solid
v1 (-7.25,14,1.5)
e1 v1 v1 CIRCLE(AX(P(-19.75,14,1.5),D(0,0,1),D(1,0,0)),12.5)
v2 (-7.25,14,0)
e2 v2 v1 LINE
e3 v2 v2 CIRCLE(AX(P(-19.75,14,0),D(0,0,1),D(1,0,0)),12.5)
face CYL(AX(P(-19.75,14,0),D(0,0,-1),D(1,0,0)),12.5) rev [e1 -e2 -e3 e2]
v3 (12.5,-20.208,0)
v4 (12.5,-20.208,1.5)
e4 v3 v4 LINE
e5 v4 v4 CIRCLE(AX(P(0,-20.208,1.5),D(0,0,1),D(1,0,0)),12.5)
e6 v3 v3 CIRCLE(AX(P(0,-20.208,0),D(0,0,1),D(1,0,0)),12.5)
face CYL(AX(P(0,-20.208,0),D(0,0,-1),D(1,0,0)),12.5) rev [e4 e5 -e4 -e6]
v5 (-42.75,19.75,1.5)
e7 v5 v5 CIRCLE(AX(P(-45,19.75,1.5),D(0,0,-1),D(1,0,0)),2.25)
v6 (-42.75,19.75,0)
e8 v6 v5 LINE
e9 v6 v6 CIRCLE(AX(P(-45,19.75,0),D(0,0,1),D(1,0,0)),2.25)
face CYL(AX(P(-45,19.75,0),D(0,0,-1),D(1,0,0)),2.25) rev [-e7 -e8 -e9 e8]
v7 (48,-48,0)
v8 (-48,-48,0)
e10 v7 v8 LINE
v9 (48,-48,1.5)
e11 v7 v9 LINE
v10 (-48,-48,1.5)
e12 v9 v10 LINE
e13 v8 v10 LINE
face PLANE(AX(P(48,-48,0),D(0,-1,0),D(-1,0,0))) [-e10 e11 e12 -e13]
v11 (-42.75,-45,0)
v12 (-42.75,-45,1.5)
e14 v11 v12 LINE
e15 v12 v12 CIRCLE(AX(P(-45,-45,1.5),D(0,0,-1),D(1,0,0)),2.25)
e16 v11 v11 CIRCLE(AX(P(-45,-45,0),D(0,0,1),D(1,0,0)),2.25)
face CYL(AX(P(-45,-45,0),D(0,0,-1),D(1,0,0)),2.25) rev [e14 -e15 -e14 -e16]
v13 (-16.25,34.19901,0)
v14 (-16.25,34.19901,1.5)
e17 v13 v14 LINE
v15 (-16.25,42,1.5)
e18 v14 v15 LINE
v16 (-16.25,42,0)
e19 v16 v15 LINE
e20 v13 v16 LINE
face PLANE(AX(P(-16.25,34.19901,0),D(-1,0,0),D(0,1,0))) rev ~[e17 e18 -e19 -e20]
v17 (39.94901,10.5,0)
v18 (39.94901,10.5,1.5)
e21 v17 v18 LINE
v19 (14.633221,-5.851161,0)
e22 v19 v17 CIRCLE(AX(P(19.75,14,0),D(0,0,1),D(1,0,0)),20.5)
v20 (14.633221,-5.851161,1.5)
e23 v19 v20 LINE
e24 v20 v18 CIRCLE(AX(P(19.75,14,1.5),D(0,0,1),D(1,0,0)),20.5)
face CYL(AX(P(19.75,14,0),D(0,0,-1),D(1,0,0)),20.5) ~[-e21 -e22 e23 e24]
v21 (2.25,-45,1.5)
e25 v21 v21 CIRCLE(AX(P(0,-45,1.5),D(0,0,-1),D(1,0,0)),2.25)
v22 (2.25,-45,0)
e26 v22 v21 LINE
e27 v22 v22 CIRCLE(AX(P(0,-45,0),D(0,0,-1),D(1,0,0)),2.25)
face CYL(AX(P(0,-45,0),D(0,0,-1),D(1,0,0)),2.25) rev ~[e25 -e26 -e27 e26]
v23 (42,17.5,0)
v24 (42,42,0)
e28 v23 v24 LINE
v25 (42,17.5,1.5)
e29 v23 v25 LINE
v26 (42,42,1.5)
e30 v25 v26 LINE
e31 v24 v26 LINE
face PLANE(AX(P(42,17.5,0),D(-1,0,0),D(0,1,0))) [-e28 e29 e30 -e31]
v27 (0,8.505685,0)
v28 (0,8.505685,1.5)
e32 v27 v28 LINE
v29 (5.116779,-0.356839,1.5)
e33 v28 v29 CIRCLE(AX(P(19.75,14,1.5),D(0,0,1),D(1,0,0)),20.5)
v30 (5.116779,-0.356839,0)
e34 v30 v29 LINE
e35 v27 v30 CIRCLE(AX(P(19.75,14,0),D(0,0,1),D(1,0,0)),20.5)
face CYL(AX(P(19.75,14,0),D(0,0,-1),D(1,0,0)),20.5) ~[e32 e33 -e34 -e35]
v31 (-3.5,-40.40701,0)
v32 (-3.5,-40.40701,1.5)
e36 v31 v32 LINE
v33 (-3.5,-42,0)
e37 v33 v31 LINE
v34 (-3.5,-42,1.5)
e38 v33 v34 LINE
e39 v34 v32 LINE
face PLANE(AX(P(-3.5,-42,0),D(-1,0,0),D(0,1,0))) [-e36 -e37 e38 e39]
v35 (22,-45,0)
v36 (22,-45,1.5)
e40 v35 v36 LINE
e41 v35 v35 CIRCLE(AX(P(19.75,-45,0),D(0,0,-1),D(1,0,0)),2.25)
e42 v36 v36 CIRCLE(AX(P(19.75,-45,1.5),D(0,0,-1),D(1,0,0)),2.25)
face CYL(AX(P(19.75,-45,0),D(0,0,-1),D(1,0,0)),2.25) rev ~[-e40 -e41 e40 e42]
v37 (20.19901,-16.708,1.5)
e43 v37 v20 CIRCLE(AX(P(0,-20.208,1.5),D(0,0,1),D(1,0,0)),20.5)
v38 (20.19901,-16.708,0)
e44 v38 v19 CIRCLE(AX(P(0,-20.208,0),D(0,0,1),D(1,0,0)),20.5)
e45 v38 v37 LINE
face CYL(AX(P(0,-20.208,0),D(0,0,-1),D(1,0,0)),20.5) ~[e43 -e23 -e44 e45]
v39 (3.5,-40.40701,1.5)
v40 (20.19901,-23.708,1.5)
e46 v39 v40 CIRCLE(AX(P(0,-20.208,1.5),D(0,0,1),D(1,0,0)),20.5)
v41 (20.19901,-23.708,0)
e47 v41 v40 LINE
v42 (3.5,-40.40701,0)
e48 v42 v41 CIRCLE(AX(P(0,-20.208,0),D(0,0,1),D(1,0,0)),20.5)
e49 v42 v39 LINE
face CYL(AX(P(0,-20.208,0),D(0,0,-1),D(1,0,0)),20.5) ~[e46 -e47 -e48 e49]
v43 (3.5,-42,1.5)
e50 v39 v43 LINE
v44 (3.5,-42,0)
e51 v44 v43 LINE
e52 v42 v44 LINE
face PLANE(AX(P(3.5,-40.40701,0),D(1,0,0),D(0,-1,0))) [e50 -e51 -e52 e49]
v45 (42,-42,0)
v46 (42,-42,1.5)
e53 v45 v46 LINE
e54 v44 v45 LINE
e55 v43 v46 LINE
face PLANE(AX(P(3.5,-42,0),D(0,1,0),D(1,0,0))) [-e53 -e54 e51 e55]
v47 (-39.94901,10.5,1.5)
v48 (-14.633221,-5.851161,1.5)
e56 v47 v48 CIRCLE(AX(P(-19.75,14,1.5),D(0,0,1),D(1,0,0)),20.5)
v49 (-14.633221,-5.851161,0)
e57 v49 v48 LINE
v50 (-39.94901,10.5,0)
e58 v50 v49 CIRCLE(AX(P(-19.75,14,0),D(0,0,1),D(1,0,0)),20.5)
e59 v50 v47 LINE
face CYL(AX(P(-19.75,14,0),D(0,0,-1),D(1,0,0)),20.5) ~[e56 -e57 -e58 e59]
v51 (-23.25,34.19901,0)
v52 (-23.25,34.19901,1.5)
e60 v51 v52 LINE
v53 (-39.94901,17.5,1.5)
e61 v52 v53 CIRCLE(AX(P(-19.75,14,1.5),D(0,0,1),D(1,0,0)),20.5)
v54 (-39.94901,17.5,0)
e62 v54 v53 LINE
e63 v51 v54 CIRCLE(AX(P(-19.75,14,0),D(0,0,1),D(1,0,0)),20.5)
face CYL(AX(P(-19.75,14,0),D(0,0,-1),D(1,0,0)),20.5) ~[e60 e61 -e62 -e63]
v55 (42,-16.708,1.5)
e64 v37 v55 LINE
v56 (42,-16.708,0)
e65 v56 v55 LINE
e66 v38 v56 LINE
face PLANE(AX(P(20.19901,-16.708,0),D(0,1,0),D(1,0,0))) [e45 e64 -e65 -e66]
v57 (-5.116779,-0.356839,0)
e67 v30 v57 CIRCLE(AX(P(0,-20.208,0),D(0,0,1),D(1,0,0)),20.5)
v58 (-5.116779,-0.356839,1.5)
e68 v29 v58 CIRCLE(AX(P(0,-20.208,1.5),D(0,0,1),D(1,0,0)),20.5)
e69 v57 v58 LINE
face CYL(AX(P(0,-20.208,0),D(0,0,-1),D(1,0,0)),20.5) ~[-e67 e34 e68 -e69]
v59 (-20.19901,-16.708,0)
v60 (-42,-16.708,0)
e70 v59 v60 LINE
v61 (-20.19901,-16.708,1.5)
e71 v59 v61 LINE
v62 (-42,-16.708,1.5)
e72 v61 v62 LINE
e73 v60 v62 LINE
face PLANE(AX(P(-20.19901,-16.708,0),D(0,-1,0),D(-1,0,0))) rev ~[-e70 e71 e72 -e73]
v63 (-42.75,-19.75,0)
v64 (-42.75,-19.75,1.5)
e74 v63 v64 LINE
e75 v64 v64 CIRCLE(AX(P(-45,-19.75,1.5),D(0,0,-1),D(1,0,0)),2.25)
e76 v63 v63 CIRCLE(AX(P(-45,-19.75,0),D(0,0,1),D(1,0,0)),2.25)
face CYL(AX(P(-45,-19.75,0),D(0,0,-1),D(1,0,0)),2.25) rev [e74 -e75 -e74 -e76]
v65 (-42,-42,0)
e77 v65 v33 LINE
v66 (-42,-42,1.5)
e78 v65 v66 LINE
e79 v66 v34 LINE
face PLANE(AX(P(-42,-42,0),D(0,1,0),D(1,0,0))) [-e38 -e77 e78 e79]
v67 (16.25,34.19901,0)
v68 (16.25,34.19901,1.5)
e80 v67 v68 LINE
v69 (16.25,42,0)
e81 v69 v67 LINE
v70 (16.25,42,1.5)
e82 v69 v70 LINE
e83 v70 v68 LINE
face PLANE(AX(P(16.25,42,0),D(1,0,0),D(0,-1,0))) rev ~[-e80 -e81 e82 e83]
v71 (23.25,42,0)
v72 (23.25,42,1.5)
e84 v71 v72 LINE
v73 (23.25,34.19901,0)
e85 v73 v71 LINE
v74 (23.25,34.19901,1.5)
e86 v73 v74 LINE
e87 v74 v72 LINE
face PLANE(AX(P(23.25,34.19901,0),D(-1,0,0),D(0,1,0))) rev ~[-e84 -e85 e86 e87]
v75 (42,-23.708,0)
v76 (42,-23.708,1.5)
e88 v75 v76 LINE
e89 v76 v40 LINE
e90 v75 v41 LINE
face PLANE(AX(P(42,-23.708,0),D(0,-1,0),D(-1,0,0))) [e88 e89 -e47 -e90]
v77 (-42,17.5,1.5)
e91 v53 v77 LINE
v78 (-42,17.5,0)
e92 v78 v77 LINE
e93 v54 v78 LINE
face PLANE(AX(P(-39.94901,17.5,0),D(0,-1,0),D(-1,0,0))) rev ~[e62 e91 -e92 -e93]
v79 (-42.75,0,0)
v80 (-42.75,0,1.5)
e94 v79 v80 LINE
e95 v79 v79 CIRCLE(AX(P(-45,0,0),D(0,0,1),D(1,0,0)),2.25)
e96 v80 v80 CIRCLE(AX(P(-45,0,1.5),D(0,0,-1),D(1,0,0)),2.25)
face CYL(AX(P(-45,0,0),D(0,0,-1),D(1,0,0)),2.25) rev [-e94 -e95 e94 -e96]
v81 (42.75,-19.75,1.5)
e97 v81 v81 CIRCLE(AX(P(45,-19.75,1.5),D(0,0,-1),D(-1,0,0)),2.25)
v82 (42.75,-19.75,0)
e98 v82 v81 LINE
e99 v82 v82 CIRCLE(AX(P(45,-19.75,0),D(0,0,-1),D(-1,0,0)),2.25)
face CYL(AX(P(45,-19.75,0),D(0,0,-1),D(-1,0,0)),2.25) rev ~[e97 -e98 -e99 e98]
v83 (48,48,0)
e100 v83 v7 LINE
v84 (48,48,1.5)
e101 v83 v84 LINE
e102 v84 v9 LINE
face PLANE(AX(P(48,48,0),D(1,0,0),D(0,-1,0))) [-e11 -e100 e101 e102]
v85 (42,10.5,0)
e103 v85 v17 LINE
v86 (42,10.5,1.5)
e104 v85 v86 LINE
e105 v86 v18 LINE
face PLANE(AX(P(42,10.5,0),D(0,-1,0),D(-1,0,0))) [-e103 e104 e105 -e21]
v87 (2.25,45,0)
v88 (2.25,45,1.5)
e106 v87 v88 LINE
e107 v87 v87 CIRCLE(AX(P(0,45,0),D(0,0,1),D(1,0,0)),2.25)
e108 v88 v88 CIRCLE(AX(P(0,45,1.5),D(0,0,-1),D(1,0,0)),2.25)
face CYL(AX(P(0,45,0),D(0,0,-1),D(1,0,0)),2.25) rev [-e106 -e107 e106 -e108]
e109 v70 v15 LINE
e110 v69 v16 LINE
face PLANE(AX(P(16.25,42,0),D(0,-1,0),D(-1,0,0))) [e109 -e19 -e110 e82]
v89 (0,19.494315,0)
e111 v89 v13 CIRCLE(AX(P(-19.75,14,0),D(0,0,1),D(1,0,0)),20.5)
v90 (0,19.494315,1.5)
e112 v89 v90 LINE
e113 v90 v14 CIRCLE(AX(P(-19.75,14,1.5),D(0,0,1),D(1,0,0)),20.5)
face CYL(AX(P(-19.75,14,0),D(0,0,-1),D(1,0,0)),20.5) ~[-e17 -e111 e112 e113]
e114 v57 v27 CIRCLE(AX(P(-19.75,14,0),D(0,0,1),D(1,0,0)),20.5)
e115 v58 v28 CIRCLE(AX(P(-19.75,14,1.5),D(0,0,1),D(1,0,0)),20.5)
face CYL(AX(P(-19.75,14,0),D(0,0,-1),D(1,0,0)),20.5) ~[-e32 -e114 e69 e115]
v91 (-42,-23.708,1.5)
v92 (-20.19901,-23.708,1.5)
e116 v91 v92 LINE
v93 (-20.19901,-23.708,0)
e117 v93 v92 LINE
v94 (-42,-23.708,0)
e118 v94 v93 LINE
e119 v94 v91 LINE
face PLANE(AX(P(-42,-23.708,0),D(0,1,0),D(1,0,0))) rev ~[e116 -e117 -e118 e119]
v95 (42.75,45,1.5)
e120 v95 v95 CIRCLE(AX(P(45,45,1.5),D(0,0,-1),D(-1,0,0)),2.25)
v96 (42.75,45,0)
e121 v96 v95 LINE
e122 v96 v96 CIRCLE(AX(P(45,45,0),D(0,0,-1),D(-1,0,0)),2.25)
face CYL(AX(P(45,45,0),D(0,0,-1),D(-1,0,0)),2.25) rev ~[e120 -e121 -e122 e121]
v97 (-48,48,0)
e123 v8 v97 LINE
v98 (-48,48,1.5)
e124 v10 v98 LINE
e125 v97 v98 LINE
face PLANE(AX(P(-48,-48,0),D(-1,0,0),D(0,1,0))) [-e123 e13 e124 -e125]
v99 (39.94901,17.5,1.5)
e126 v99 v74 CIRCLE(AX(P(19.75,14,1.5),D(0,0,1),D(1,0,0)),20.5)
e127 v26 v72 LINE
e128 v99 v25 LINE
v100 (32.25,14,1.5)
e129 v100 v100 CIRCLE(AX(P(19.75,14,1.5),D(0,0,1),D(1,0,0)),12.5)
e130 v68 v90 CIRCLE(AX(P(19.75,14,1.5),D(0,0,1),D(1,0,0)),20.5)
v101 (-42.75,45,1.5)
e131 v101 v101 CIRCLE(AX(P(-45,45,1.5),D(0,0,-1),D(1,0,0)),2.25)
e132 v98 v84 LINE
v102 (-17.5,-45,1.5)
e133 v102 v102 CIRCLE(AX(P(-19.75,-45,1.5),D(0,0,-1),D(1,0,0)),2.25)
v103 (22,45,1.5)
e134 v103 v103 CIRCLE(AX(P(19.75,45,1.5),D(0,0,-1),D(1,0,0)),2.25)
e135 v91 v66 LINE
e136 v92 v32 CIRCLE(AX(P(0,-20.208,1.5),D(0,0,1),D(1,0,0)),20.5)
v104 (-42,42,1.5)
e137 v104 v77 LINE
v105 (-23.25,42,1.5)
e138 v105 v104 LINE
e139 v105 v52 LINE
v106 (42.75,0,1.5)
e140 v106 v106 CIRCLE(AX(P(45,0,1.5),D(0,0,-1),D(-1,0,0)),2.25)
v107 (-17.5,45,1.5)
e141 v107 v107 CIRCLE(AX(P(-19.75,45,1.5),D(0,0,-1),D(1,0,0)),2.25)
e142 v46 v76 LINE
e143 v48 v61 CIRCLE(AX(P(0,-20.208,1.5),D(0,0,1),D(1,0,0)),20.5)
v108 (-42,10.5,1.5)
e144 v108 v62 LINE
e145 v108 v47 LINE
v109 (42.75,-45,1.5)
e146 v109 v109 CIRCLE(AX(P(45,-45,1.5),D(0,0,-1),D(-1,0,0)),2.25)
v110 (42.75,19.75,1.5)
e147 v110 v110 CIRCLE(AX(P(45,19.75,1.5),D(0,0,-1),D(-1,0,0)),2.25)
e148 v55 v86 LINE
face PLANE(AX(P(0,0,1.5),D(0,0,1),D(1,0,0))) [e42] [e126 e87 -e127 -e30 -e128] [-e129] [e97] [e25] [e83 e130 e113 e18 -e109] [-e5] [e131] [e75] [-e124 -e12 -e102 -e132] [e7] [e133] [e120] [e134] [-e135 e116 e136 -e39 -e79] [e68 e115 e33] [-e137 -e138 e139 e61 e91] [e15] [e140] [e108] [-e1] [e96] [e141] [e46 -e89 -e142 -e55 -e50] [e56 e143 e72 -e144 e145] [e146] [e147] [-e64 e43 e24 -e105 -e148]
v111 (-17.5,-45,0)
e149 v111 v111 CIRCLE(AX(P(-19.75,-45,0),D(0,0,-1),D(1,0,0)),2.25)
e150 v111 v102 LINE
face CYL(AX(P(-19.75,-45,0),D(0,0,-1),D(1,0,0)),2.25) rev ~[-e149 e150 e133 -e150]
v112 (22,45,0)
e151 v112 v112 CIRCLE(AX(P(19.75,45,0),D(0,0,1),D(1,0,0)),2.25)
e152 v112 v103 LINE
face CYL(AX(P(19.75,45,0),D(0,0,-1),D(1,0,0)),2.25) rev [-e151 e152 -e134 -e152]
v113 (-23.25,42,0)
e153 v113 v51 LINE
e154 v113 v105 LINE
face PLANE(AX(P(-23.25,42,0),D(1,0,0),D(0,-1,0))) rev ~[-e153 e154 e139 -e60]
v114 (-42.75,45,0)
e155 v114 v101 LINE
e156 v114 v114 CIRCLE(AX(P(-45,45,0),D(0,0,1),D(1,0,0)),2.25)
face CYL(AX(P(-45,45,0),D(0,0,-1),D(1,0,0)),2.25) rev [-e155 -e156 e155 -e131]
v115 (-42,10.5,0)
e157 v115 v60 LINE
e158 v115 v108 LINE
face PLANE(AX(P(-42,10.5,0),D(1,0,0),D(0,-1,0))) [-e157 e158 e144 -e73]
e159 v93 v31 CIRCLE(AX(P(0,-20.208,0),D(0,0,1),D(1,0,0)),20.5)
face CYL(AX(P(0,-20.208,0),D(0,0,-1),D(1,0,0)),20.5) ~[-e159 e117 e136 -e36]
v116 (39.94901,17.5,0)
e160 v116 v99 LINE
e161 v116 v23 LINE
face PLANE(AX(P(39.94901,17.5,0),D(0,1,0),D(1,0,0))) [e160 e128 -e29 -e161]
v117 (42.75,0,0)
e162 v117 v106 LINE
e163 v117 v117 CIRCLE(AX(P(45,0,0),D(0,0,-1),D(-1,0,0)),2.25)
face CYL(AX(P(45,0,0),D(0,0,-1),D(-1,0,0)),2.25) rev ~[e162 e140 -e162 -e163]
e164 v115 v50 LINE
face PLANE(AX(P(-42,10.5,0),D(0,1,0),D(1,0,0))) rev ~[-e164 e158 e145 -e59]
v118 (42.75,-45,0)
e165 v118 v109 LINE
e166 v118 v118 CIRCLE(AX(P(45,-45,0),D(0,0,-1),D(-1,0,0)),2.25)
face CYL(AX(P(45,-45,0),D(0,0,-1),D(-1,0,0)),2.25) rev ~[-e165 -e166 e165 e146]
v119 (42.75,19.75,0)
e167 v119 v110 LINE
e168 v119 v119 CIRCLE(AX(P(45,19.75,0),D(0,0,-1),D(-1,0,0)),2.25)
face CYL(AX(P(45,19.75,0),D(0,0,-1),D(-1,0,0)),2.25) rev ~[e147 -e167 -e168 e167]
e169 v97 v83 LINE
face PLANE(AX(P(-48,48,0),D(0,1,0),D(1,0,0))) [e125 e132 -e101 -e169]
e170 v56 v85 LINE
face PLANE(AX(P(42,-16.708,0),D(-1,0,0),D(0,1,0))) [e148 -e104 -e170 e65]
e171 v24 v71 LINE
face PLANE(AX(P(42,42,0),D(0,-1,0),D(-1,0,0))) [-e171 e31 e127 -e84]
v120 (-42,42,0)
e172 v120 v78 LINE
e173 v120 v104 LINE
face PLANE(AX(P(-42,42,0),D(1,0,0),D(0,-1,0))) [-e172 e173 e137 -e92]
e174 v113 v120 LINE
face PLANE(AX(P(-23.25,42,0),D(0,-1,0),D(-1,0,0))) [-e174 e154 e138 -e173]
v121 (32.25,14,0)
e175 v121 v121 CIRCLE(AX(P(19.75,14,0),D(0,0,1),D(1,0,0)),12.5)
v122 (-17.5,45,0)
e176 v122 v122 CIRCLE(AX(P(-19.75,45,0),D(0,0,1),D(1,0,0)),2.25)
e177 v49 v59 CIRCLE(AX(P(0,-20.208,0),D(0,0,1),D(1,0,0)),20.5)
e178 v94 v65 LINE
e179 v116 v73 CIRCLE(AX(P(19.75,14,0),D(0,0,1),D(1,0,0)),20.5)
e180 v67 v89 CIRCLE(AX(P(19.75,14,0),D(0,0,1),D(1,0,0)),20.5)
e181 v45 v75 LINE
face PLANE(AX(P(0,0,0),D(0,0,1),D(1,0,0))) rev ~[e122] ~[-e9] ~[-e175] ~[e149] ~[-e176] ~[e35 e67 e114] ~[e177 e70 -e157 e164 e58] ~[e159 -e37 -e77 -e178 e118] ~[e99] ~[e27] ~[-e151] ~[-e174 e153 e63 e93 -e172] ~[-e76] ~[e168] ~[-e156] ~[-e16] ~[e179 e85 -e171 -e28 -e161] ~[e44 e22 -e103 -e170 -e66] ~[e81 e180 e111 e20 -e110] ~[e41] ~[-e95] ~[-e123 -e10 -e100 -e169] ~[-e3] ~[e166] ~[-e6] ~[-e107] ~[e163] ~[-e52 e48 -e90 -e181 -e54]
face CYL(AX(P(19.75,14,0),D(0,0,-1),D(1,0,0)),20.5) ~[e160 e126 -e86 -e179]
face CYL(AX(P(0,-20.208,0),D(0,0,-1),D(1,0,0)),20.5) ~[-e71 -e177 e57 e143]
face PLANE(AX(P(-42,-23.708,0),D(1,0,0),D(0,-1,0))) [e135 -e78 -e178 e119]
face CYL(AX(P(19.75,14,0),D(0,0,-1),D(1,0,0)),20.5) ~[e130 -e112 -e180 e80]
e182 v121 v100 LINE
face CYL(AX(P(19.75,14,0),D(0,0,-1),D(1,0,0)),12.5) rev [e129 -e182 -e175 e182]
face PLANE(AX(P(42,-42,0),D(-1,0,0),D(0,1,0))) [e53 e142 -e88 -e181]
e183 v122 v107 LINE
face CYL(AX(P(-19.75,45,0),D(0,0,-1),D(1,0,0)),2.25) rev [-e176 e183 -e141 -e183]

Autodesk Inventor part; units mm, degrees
ref_plane "YZ Plane" through (0, 0, 0) normal (1, 0, 0) x (0, 1, 0)
ref_plane "XZ Plane" through (0, 0, 0) normal (0, 1, 0) x (-1, 0, 0)
ref_plane "XY Plane" through (0, 0, 0) normal (0, 0, 1) x (1, 0, 0)
sketch "Sketch1" plane through (0, 0, 0) normal (0, 0, 1) x (1, 0, 0)
  line L0 (-48, 48) -> (48, 48)
  line L1 (48, 48) -> (48, -48)
  line L2 (48, -48) -> (-48, -48)
  line L3 (-48, -48) -> (-48, 48)
  line L4 (42, 42) -> (-42, 42)
  line L5 (-42, 42) -> (-42, -42)
  line L6 (-42, -42) -> (42, -42)
  line L7 (42, -42) -> (42, 42)
  line L8 (0, 152.7233) -> (0, -72.1628) construction
  line L9 (-77.8847, 0) -> (88.8171, 0) construction
  line L10 (-48, 45) -> (48, 45) construction
  circle A0 centre (0, 45) radius 2.25
  circle A1 centre (-19.75, 45) radius 2.25
  circle A2 centre (19.75, 45) radius 2.25
  line L11 (-45, 48) -> (-45, -48) construction
  circle A3 centre (-45, 45) radius 2.25
  circle A4 centre (-45, 0) radius 2.25
  line L12 (-48, -45) -> (48, -45) construction
  circle A5 centre (-45, -45) radius 2.25
  circle A6 centre (-45, 19.75) radius 2.25
  circle A7 centre (-45, -19.75) radius 2.25
  line L13 (0, -20.208) -> (-19.75, 14) construction
  line L14 (-19.75, 14) -> (19.75, 14) construction
  line L15 (19.75, 14) -> (0, -20.208) construction
  circle A8 centre (19.75, 14) radius 12.5
  circle A9 centre (-19.75, 14) radius 12.5
  circle A10 centre (0, -20.208) radius 12.5
  circle A11 centre (-19.75, 14) radius 20.5
  circle A12 centre (19.75, 14) radius 20.5
  circle A13 centre (0, -20.208) radius 20.5
  line L16 (-23.25, 30.0471) -> (-16.25, 30.0471)
  line L17 (-16.25, 30.0471) -> (-16.25, 42)
  line L18 (-16.25, 42) -> (-23.25, 42)
  line L19 (-23.25, 42) -> (-23.25, 30.0471)
  line L20 (16.25, 30.0471) -> (23.25, 30.0471)
  line L21 (23.25, 30.0471) -> (23.25, 42)
  line L22 (23.25, 42) -> (16.25, 42)
  line L23 (16.25, 42) -> (16.25, 30.0471)
  line L24 (-35.3273, 17.5) -> (-42, 17.5)
  line L25 (-42, 17.5) -> (-42, 10.5)
  line L26 (-42, 10.5) -> (-35.3273, 10.5)
  line L27 (-35.3273, 10.5) -> (-35.3273, 17.5)
  line L28 (34.9738, 17.5) -> (42, 17.5)
  line L29 (42, 17.5) -> (42, 10.5)
  line L30 (42, 10.5) -> (34.9738, 10.5)
  line L31 (34.9738, 10.5) -> (34.9738, 17.5)
  line L32 (-3.5, -36.2367) -> (3.5, -36.2367)
  line L33 (3.5, -36.2367) -> (3.5, -42)
  line L34 (3.5, -42) -> (-3.5, -42)
  line L35 (-3.5, -42) -> (-3.5, -36.2367)
  line L36 (-16.3125, -16.708) -> (-42, -16.708)
  line L37 (-42, -16.708) -> (-42, -23.708)
  line L38 (-42, -23.708) -> (-16.3125, -23.708)
  line L39 (-16.3125, -23.708) -> (-16.3125, -16.708)
  line L40 (16.0929, -16.708) -> (42, -16.708)
  line L41 (42, -16.708) -> (42, -23.708)
  line L42 (42, -23.708) -> (16.0929, -23.708)
  line L43 (16.0929, -23.708) -> (16.0929, -16.708)
  point P0 (0, 0)
  point P1 (0, 48)
  point P2 (48, 0)
  point P3 (0, 2.5973)
  point P4 (-16.3125, -20.208)
  point P5 (16.0929, -20.208)
  point P6 (34.9738, 14)
  point P7 (-35.3273, 14)
  point P8 (-19.75, 30.0471)
  point P9 (19.75, 30.0471)
  point P10 (0, -36.2367)
  dimension "d0" = 96
  dimension "d1" = 96
  dimension "d2" = 6
  dimension "d5" = 3
  dimension "d6" = 4.5
  dimension "d7" = 4.5
  dimension "d8" = 4.5
  dimension "d9" = 22
  dimension "d10" = 22
  dimension "d11" = 3
  dimension "d12" = 4.5
  dimension "d13" = 4.5
  dimension "d14" = 3
  dimension "d15" = 4.5
  dimension "d31" = 4.5
  dimension "d32" = 4.5
  dimension "d33" = 22
  dimension "d34" = 22
  dimension "d53" = 28
  dimension "d54" = 25
  dimension "d55" = 25
  dimension "d56" = 25
  dimension "d65" = 8
  dimension "d66" = 8
  dimension "d67" = 8
  dimension "d68" = 7
  dimension "d69" = 7
  dimension "d70" = 7
  dimension "d71" = 7
  dimension "d72" = 7
  dimension "d73" = 7
  dimension "d74" = 7
extrude "Extrusion1" add sketch "Sketch1" along normal blind 1.5 contours L0 L1 L2 L3 | L21 A12 L23 L4 | L7 L30 A12 L28 | L21 L20 L23 A12 | A12 L28 L31 L30 A13 A11 L23 L20 L21 | A12 L30 L31 L28 | L17 A11 L19 L4 | L7 L42 A13 L40 | L17 L16 L19 A11 | A11 A12 A13 L26 L27 L24 L19 L16 L17 | A11 A12 | L40 L43 L42 A13 L33 L32 L35 L38 L39 L36 A11 A12 | A13 L42 L43 L40 | A12 A13 | L24 A11 L26 L5 | L24 L27 L26 A11 | A11 A13 | L6 L35 A13 L33 | A13 L35 L32 L33 | L36 A13 L38 L5 | L36 L39 L38 A13 | A0 | A1 | A2 | A3 | A4 | A5 | A6 | A7
extrude "Extrusion2" cut sketch "Sketch1" along normal blind 10 contours A0 | A1 | A2
mirror "Mirror1" about plane through (0, 0, 0) normal (0, 1, 0) of "Extrusion2"
extrude "Extrusion3" cut sketch "Sketch1" along normal blind 10 contours A3 | A4 | A5 | A6 | A7
mirror "Mirror2" about plane through (0, 0, 0) normal (1, 0, 0) of "Extrusion3"
properties part number "Base"
